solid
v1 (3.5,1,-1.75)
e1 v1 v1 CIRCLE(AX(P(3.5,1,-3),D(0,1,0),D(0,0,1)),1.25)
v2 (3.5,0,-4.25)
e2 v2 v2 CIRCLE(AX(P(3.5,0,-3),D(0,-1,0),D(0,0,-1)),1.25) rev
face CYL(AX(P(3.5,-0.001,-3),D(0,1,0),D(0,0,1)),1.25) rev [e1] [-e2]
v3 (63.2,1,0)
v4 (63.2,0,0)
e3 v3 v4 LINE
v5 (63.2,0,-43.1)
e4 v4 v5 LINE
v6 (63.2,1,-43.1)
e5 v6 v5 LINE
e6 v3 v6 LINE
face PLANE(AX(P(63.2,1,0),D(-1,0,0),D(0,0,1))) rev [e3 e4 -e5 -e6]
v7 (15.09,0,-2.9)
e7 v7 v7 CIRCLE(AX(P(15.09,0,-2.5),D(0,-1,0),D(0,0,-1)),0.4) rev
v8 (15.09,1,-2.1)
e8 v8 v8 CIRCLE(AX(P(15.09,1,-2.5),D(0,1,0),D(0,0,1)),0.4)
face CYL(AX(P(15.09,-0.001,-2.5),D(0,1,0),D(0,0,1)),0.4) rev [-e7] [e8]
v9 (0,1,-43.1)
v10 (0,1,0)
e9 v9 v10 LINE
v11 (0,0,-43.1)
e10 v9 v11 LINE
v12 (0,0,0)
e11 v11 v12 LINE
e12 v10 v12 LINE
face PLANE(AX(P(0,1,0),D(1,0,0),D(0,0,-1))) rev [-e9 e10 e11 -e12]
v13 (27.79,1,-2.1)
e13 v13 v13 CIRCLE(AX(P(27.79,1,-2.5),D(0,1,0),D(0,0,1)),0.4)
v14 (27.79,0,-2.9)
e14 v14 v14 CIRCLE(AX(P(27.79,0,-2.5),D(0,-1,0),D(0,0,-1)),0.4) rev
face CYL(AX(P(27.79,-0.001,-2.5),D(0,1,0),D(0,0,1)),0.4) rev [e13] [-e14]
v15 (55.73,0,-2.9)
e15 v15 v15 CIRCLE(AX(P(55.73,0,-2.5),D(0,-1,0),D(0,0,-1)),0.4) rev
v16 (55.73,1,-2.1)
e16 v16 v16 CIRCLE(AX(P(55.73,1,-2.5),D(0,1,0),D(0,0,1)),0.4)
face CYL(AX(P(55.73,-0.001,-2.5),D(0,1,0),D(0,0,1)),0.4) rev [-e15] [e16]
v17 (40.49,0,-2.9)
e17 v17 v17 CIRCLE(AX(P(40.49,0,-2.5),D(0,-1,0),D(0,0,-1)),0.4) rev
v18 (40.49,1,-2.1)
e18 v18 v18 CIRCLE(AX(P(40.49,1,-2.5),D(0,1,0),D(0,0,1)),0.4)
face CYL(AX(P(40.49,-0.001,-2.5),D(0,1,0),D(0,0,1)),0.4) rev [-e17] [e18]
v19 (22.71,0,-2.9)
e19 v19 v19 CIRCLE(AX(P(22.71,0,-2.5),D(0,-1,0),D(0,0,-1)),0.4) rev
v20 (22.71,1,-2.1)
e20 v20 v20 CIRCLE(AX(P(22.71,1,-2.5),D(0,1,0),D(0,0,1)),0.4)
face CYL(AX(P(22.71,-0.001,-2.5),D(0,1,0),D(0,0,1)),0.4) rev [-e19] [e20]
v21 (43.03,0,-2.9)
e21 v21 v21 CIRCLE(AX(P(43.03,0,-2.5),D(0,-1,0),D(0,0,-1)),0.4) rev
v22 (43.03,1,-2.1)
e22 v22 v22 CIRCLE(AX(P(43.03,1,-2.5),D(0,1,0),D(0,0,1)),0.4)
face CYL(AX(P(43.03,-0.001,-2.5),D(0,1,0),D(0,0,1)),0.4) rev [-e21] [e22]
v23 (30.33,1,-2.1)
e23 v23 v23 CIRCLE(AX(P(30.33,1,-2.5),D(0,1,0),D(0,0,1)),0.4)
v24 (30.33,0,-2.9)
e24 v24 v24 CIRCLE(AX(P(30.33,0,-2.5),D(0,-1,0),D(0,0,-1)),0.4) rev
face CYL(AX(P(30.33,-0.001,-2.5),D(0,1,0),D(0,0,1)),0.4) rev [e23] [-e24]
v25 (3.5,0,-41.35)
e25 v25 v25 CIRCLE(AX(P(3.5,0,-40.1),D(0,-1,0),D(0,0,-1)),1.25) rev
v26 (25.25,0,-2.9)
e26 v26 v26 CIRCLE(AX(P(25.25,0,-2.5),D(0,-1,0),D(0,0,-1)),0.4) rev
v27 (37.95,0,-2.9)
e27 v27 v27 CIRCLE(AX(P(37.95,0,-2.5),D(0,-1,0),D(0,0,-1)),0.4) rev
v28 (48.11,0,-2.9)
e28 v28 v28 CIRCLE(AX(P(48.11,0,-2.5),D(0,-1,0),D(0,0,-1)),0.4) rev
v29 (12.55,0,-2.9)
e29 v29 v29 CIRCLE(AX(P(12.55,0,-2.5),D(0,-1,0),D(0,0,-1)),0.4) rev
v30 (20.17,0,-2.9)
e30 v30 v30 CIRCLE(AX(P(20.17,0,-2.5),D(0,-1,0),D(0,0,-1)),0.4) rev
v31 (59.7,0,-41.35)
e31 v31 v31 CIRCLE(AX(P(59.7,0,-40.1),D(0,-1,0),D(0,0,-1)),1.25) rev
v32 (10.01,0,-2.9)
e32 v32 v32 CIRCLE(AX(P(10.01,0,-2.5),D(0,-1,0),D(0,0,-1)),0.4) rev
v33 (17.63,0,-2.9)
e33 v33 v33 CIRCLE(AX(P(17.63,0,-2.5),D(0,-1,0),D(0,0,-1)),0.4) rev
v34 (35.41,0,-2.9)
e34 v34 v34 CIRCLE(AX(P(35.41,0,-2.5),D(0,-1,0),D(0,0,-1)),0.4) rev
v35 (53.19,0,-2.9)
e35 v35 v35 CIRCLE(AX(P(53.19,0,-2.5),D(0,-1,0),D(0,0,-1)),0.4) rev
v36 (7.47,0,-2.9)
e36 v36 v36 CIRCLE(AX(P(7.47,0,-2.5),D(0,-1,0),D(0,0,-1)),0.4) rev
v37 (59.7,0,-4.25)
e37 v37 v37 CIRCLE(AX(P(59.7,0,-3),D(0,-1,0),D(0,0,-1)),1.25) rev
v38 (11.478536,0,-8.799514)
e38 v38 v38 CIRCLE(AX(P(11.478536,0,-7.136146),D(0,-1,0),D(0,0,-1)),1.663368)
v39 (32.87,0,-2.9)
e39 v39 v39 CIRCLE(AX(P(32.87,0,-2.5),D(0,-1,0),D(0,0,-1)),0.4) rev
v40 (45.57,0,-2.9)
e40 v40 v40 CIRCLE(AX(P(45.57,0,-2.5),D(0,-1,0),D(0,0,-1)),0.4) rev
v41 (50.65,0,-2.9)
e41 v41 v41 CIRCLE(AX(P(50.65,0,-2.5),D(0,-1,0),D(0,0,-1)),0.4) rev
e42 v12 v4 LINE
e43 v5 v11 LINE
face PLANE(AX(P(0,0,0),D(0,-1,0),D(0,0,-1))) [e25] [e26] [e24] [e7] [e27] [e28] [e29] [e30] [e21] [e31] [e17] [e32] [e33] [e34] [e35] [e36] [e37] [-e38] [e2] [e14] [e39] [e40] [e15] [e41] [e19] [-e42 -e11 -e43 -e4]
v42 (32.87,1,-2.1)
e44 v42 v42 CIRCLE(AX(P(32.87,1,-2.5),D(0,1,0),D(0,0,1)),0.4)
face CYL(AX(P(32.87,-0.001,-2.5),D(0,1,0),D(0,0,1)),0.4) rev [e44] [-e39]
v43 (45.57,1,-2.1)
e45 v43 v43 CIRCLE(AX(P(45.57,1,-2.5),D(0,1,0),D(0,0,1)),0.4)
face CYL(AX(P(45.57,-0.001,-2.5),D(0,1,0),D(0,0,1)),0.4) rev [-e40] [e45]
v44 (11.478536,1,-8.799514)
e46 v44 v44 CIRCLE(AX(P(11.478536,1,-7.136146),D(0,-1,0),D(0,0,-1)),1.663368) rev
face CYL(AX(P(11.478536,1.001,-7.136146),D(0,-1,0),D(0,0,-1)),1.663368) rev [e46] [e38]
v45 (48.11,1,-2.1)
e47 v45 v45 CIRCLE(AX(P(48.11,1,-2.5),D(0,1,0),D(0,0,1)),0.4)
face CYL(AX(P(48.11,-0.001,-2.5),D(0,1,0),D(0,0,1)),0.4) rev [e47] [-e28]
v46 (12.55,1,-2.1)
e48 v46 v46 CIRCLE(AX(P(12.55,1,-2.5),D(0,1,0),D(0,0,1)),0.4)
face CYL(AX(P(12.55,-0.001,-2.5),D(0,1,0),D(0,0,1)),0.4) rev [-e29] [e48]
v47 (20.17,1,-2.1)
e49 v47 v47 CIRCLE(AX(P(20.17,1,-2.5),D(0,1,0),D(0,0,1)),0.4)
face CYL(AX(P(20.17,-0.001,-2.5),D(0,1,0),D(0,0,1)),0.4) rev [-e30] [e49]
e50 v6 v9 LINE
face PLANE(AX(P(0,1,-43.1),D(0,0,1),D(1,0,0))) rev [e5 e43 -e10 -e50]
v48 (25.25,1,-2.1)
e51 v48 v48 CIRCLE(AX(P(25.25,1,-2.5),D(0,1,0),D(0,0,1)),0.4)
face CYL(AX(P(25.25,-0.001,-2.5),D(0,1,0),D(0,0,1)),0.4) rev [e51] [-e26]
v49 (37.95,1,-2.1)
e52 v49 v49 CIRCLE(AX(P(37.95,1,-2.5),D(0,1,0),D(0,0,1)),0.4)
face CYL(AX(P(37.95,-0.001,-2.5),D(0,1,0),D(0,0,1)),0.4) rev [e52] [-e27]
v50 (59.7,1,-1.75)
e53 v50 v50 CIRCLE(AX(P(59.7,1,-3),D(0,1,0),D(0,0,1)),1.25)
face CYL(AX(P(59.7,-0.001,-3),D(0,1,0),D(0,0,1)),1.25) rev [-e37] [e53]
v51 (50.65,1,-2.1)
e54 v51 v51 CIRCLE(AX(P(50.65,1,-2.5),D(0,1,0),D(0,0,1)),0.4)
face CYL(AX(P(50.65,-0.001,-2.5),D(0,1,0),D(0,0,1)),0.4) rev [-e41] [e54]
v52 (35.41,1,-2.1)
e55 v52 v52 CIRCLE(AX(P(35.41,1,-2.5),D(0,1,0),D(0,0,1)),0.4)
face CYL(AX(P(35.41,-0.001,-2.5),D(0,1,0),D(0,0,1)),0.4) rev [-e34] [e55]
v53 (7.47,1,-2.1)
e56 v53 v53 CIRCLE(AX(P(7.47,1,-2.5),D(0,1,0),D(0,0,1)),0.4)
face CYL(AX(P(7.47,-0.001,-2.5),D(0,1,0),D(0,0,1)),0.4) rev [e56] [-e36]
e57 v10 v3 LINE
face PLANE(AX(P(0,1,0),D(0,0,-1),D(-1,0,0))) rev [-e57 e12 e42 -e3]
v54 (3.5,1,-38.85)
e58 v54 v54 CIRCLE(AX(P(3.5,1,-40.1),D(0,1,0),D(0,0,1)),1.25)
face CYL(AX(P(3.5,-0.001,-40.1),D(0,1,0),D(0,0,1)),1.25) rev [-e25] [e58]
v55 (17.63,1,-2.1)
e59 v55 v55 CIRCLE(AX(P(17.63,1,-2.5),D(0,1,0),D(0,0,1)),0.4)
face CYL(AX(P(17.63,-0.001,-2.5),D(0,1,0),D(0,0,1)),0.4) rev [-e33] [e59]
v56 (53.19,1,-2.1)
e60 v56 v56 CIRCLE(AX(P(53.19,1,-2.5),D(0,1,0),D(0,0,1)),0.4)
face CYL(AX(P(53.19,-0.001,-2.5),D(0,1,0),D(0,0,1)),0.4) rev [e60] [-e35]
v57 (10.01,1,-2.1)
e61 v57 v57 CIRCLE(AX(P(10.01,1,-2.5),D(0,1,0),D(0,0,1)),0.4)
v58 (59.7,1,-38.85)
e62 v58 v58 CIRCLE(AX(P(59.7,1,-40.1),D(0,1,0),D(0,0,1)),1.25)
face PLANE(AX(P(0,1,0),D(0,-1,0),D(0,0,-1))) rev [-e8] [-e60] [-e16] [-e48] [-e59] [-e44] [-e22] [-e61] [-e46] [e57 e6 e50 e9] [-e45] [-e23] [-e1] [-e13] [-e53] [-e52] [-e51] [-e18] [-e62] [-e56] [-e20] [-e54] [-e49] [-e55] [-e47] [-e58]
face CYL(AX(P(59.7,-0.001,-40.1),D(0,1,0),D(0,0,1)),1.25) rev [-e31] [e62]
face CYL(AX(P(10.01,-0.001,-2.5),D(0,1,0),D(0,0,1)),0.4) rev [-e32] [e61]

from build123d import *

# Parameters (mm, degrees)
SKETCH1_W           = 63.2
SKETCH1_H           = 43.1
BOSS_EXTRUDE1_DEPTH = 1
CUT_EXTRUDE1_REACH  = 78.504
SKETCH2_R           = 1.25
CUT_EXTRUDE2_REACH  = 78.504
SKETCH3_R           = 0.4
CUT_EXTRUDE18_REACH = 78.504
SKETCH25_R          = 1.663368104


with BuildPart() as part:
    # Sketch1 → Boss-Extrude1 (new body)
    with BuildSketch(Plane(origin=(0, 0, 0), x_dir=(1, 0, 0), z_dir=(0, 1, 0))):
        with Locations((31.6, 21.55)):
            Rectangle(SKETCH1_W, SKETCH1_H)
    extrude(amount=BOSS_EXTRUDE1_DEPTH)

    # Sketch2 → Cut-Extrude1 (cut, up to next)
    with BuildSketch(Plane(origin=(0, 1, 0), x_dir=(1, 0, 0), z_dir=(0, 1, 0)), mode=Mode.PRIVATE) as cut_extrude1_sk1:
        with Locations(Location((3.5, 40.1, 0), (0, 0, 270))):
            Circle(SKETCH2_R)
    cut_extrude1_tool1 = extrude(cut_extrude1_sk1.sketch, amount=-CUT_EXTRUDE1_REACH, mode=Mode.PRIVATE) & part.part
    # Sketch2 → Cut-Extrude1 (cut, up to next)
    with BuildSketch(Plane(origin=(0, 1, 0), x_dir=(1, 0, 0), z_dir=(0, 1, 0)), mode=Mode.PRIVATE) as cut_extrude1_sk2:
        with Locations(Location((59.7, 40.1, 0), (0, 0, 270))):
            Circle(SKETCH2_R)
    cut_extrude1_tool2 = extrude(cut_extrude1_sk2.sketch, amount=-CUT_EXTRUDE1_REACH, mode=Mode.PRIVATE) & part.part
    # Sketch2 → Cut-Extrude1 (cut, up to next)
    with BuildSketch(Plane(origin=(0, 1, 0), x_dir=(1, 0, 0), z_dir=(0, 1, 0)), mode=Mode.PRIVATE) as cut_extrude1_sk3:
        with Locations(Location((59.7, 3, 0), (0, 0, 270))):
            Circle(SKETCH2_R)
    cut_extrude1_tool3 = extrude(cut_extrude1_sk3.sketch, amount=-CUT_EXTRUDE1_REACH, mode=Mode.PRIVATE) & part.part
    # Sketch2 → Cut-Extrude1 (cut, up to next)
    with BuildSketch(Plane(origin=(0, 1, 0), x_dir=(1, 0, 0), z_dir=(0, 1, 0)), mode=Mode.PRIVATE) as cut_extrude1_sk4:
        with Locations(Location((3.5, 3, 0), (0, 0, 270))):
            Circle(SKETCH2_R)
    cut_extrude1_tool4 = extrude(cut_extrude1_sk4.sketch, amount=-CUT_EXTRUDE1_REACH, mode=Mode.PRIVATE) & part.part
    add(cut_extrude1_tool1.solids().sort_by_distance((3.5, 1, -40.1))[0], mode=Mode.SUBTRACT)
    add(cut_extrude1_tool2.solids().sort_by_distance((59.7, 1, -40.1))[0], mode=Mode.SUBTRACT)
    add(cut_extrude1_tool3.solids().sort_by_distance((59.7, 1, -3))[0], mode=Mode.SUBTRACT)
    add(cut_extrude1_tool4.solids().sort_by_distance((3.5, 1, -3))[0], mode=Mode.SUBTRACT)

    # Sketch3 → Cut-Extrude2 (cut, up to next)
    with BuildSketch(Plane(origin=(0, 1, 0), x_dir=(1, 0, 0), z_dir=(0, 1, 0)), mode=Mode.PRIVATE) as cut_extrude2_sk1:
        with Locations(Location((7.47, 2.5, 0), (0, 0, 270))):
            Circle(SKETCH3_R)
    cut_extrude2_tool1 = extrude(cut_extrude2_sk1.sketch, amount=-CUT_EXTRUDE2_REACH, mode=Mode.PRIVATE) & part.part
    # Sketch3 → Cut-Extrude2 (cut, up to next)
    with BuildSketch(Plane(origin=(0, 1, 0), x_dir=(1, 0, 0), z_dir=(0, 1, 0)), mode=Mode.PRIVATE) as cut_extrude2_sk2:
        with Locations(Location((10.01, 2.5, 0), (0, 0, 270))):
            Circle(SKETCH3_R)
    cut_extrude2_tool2 = extrude(cut_extrude2_sk2.sketch, amount=-CUT_EXTRUDE2_REACH, mode=Mode.PRIVATE) & part.part
    # Sketch3 → Cut-Extrude2 (cut, up to next)
    with BuildSketch(Plane(origin=(0, 1, 0), x_dir=(1, 0, 0), z_dir=(0, 1, 0)), mode=Mode.PRIVATE) as cut_extrude2_sk3:
        with Locations(Location((12.55, 2.5, 0), (0, 0, 270))):
            Circle(SKETCH3_R)
    cut_extrude2_tool3 = extrude(cut_extrude2_sk3.sketch, amount=-CUT_EXTRUDE2_REACH, mode=Mode.PRIVATE) & part.part
    # Sketch3 → Cut-Extrude2 (cut, up to next)
    with BuildSketch(Plane(origin=(0, 1, 0), x_dir=(1, 0, 0), z_dir=(0, 1, 0)), mode=Mode.PRIVATE) as cut_extrude2_sk4:
        with Locations(Location((15.09, 2.5, 0), (0, 0, 270))):
            Circle(SKETCH3_R)
    cut_extrude2_tool4 = extrude(cut_extrude2_sk4.sketch, amount=-CUT_EXTRUDE2_REACH, mode=Mode.PRIVATE) & part.part
    # Sketch3 → Cut-Extrude2 (cut, up to next)
    with BuildSketch(Plane(origin=(0, 1, 0), x_dir=(1, 0, 0), z_dir=(0, 1, 0)), mode=Mode.PRIVATE) as cut_extrude2_sk5:
        with Locations(Location((17.63, 2.5, 0), (0, 0, 270))):
            Circle(SKETCH3_R)
    cut_extrude2_tool5 = extrude(cut_extrude2_sk5.sketch, amount=-CUT_EXTRUDE2_REACH, mode=Mode.PRIVATE) & part.part
    # Sketch3 → Cut-Extrude2 (cut, up to next)
    with BuildSketch(Plane(origin=(0, 1, 0), x_dir=(1, 0, 0), z_dir=(0, 1, 0)), mode=Mode.PRIVATE) as cut_extrude2_sk6:
        with Locations(Location((20.17, 2.5, 0), (0, 0, 270))):
            Circle(SKETCH3_R)
    cut_extrude2_tool6 = extrude(cut_extrude2_sk6.sketch, amount=-CUT_EXTRUDE2_REACH, mode=Mode.PRIVATE) & part.part
    # Sketch3 → Cut-Extrude2 (cut, up to next)
    with BuildSketch(Plane(origin=(0, 1, 0), x_dir=(1, 0, 0), z_dir=(0, 1, 0)), mode=Mode.PRIVATE) as cut_extrude2_sk7:
        with Locations(Location((22.71, 2.5, 0), (0, 0, 270))):
            Circle(SKETCH3_R)
    cut_extrude2_tool7 = extrude(cut_extrude2_sk7.sketch, amount=-CUT_EXTRUDE2_REACH, mode=Mode.PRIVATE) & part.part
    # Sketch3 → Cut-Extrude2 (cut, up to next)
    with BuildSketch(Plane(origin=(0, 1, 0), x_dir=(1, 0, 0), z_dir=(0, 1, 0)), mode=Mode.PRIVATE) as cut_extrude2_sk8:
        with Locations(Location((25.25, 2.5, 0), (0, 0, 270))):
            Circle(SKETCH3_R)
    cut_extrude2_tool8 = extrude(cut_extrude2_sk8.sketch, amount=-CUT_EXTRUDE2_REACH, mode=Mode.PRIVATE) & part.part
    # Sketch3 → Cut-Extrude2 (cut, up to next)
    with BuildSketch(Plane(origin=(0, 1, 0), x_dir=(1, 0, 0), z_dir=(0, 1, 0)), mode=Mode.PRIVATE) as cut_extrude2_sk9:
        with Locations(Location((27.79, 2.5, 0), (0, 0, 270))):
            Circle(SKETCH3_R)
    cut_extrude2_tool9 = extrude(cut_extrude2_sk9.sketch, amount=-CUT_EXTRUDE2_REACH, mode=Mode.PRIVATE) & part.part
    # Sketch3 → Cut-Extrude2 (cut, up to next)
    with BuildSketch(Plane(origin=(0, 1, 0), x_dir=(1, 0, 0), z_dir=(0, 1, 0)), mode=Mode.PRIVATE) as cut_extrude2_sk10:
        with Locations(Location((30.33, 2.5, 0), (0, 0, 270))):
            Circle(SKETCH3_R)
    cut_extrude2_tool10 = extrude(cut_extrude2_sk10.sketch, amount=-CUT_EXTRUDE2_REACH, mode=Mode.PRIVATE) & part.part
    # Sketch3 → Cut-Extrude2 (cut, up to next)
    with BuildSketch(Plane(origin=(0, 1, 0), x_dir=(1, 0, 0), z_dir=(0, 1, 0)), mode=Mode.PRIVATE) as cut_extrude2_sk11:
        with Locations(Location((32.87, 2.5, 0), (0, 0, 270))):
            Circle(SKETCH3_R)
    cut_extrude2_tool11 = extrude(cut_extrude2_sk11.sketch, amount=-CUT_EXTRUDE2_REACH, mode=Mode.PRIVATE) & part.part
    # Sketch3 → Cut-Extrude2 (cut, up to next)
    with BuildSketch(Plane(origin=(0, 1, 0), x_dir=(1, 0, 0), z_dir=(0, 1, 0)), mode=Mode.PRIVATE) as cut_extrude2_sk12:
        with Locations(Location((35.41, 2.5, 0), (0, 0, 270))):
            Circle(SKETCH3_R)
    cut_extrude2_tool12 = extrude(cut_extrude2_sk12.sketch, amount=-CUT_EXTRUDE2_REACH, mode=Mode.PRIVATE) & part.part
    # Sketch3 → Cut-Extrude2 (cut, up to next)
    with BuildSketch(Plane(origin=(0, 1, 0), x_dir=(1, 0, 0), z_dir=(0, 1, 0)), mode=Mode.PRIVATE) as cut_extrude2_sk13:
        with Locations(Location((37.95, 2.5, 0), (0, 0, 270))):
            Circle(SKETCH3_R)
    cut_extrude2_tool13 = extrude(cut_extrude2_sk13.sketch, amount=-CUT_EXTRUDE2_REACH, mode=Mode.PRIVATE) & part.part
    # Sketch3 → Cut-Extrude2 (cut, up to next)
    with BuildSketch(Plane(origin=(0, 1, 0), x_dir=(1, 0, 0), z_dir=(0, 1, 0)), mode=Mode.PRIVATE) as cut_extrude2_sk14:
        with Locations(Location((40.49, 2.5, 0), (0, 0, 270))):
            Circle(SKETCH3_R)
    cut_extrude2_tool14 = extrude(cut_extrude2_sk14.sketch, amount=-CUT_EXTRUDE2_REACH, mode=Mode.PRIVATE) & part.part
    # Sketch3 → Cut-Extrude2 (cut, up to next)
    with BuildSketch(Plane(origin=(0, 1, 0), x_dir=(1, 0, 0), z_dir=(0, 1, 0)), mode=Mode.PRIVATE) as cut_extrude2_sk15:
        with Locations(Location((43.03, 2.5, 0), (0, 0, 270))):
            Circle(SKETCH3_R)
    cut_extrude2_tool15 = extrude(cut_extrude2_sk15.sketch, amount=-CUT_EXTRUDE2_REACH, mode=Mode.PRIVATE) & part.part
    # Sketch3 → Cut-Extrude2 (cut, up to next)
    with BuildSketch(Plane(origin=(0, 1, 0), x_dir=(1, 0, 0), z_dir=(0, 1, 0)), mode=Mode.PRIVATE) as cut_extrude2_sk16:
        with Locations(Location((45.57, 2.5, 0), (0, 0, 270))):
            Circle(SKETCH3_R)
    cut_extrude2_tool16 = extrude(cut_extrude2_sk16.sketch, amount=-CUT_EXTRUDE2_REACH, mode=Mode.PRIVATE) & part.part
    # Sketch3 → Cut-Extrude2 (cut, up to next)
    with BuildSketch(Plane(origin=(0, 1, 0), x_dir=(1, 0, 0), z_dir=(0, 1, 0)), mode=Mode.PRIVATE) as cut_extrude2_sk17:
        with Locations(Location((48.11, 2.5, 0), (0, 0, 270))):
            Circle(SKETCH3_R)
    cut_extrude2_tool17 = extrude(cut_extrude2_sk17.sketch, amount=-CUT_EXTRUDE2_REACH, mode=Mode.PRIVATE) & part.part
    # Sketch3 → Cut-Extrude2 (cut, up to next)
    with BuildSketch(Plane(origin=(0, 1, 0), x_dir=(1, 0, 0), z_dir=(0, 1, 0)), mode=Mode.PRIVATE) as cut_extrude2_sk18:
        with Locations(Location((50.65, 2.5, 0), (0, 0, 270))):
            Circle(SKETCH3_R)
    cut_extrude2_tool18 = extrude(cut_extrude2_sk18.sketch, amount=-CUT_EXTRUDE2_REACH, mode=Mode.PRIVATE) & part.part
    # Sketch3 → Cut-Extrude2 (cut, up to next)
    with BuildSketch(Plane(origin=(0, 1, 0), x_dir=(1, 0, 0), z_dir=(0, 1, 0)), mode=Mode.PRIVATE) as cut_extrude2_sk19:
        with Locations(Location((53.19, 2.5, 0), (0, 0, 270))):
            Circle(SKETCH3_R)
    cut_extrude2_tool19 = extrude(cut_extrude2_sk19.sketch, amount=-CUT_EXTRUDE2_REACH, mode=Mode.PRIVATE) & part.part
    # Sketch3 → Cut-Extrude2 (cut, up to next)
    with BuildSketch(Plane(origin=(0, 1, 0), x_dir=(1, 0, 0), z_dir=(0, 1, 0)), mode=Mode.PRIVATE) as cut_extrude2_sk20:
        with Locations(Location((55.73, 2.5, 0), (0, 0, 270))):
            Circle(SKETCH3_R)
    cut_extrude2_tool20 = extrude(cut_extrude2_sk20.sketch, amount=-CUT_EXTRUDE2_REACH, mode=Mode.PRIVATE) & part.part
    add(cut_extrude2_tool1.solids().sort_by_distance((7.47, 1, -2.5))[0], mode=Mode.SUBTRACT)
    add(cut_extrude2_tool2.solids().sort_by_distance((10.01, 1, -2.5))[0], mode=Mode.SUBTRACT)
    add(cut_extrude2_tool3.solids().sort_by_distance((12.55, 1, -2.5))[0], mode=Mode.SUBTRACT)
    add(cut_extrude2_tool4.solids().sort_by_distance((15.09, 1, -2.5))[0], mode=Mode.SUBTRACT)
    add(cut_extrude2_tool5.solids().sort_by_distance((17.63, 1, -2.5))[0], mode=Mode.SUBTRACT)
    add(cut_extrude2_tool6.solids().sort_by_distance((20.17, 1, -2.5))[0], mode=Mode.SUBTRACT)
    add(cut_extrude2_tool7.solids().sort_by_distance((22.71, 1, -2.5))[0], mode=Mode.SUBTRACT)
    add(cut_extrude2_tool8.solids().sort_by_distance((25.25, 1, -2.5))[0], mode=Mode.SUBTRACT)
    add(cut_extrude2_tool9.solids().sort_by_distance((27.79, 1, -2.5))[0], mode=Mode.SUBTRACT)
    add(cut_extrude2_tool10.solids().sort_by_distance((30.33, 1, -2.5))[0], mode=Mode.SUBTRACT)
    add(cut_extrude2_tool11.solids().sort_by_distance((32.87, 1, -2.5))[0], mode=Mode.SUBTRACT)
    add(cut_extrude2_tool12.solids().sort_by_distance((35.41, 1, -2.5))[0], mode=Mode.SUBTRACT)
    add(cut_extrude2_tool13.solids().sort_by_distance((37.95, 1, -2.5))[0], mode=Mode.SUBTRACT)
    add(cut_extrude2_tool14.solids().sort_by_distance((40.49, 1, -2.5))[0], mode=Mode.SUBTRACT)
    add(cut_extrude2_tool15.solids().sort_by_distance((43.03, 1, -2.5))[0], mode=Mode.SUBTRACT)
    add(cut_extrude2_tool16.solids().sort_by_distance((45.57, 1, -2.5))[0], mode=Mode.SUBTRACT)
    add(cut_extrude2_tool17.solids().sort_by_distance((48.11, 1, -2.5))[0], mode=Mode.SUBTRACT)
    add(cut_extrude2_tool18.solids().sort_by_distance((50.65, 1, -2.5))[0], mode=Mode.SUBTRACT)
    add(cut_extrude2_tool19.solids().sort_by_distance((53.19, 1, -2.5))[0], mode=Mode.SUBTRACT)
    add(cut_extrude2_tool20.solids().sort_by_distance((55.73, 1, -2.5))[0], mode=Mode.SUBTRACT)

    # Sketch25 → Cut-Extrude18 (cut, up to next)
    with BuildSketch(Plane.XZ, mode=Mode.PRIVATE) as cut_extrude18_sk1:
        with Locations(Location((11.478536319, -7.136146005, 0), (0, 0, 270))):
            Circle(SKETCH25_R)
    cut_extrude18_tool1 = extrude(cut_extrude18_sk1.sketch, amount=-CUT_EXTRUDE18_REACH, mode=Mode.PRIVATE) & part.part
    add(cut_extrude18_tool1.solids().sort_by_distance((11.478536, 0, -7.136146))[0], mode=Mode.SUBTRACT)


solid = part.part
